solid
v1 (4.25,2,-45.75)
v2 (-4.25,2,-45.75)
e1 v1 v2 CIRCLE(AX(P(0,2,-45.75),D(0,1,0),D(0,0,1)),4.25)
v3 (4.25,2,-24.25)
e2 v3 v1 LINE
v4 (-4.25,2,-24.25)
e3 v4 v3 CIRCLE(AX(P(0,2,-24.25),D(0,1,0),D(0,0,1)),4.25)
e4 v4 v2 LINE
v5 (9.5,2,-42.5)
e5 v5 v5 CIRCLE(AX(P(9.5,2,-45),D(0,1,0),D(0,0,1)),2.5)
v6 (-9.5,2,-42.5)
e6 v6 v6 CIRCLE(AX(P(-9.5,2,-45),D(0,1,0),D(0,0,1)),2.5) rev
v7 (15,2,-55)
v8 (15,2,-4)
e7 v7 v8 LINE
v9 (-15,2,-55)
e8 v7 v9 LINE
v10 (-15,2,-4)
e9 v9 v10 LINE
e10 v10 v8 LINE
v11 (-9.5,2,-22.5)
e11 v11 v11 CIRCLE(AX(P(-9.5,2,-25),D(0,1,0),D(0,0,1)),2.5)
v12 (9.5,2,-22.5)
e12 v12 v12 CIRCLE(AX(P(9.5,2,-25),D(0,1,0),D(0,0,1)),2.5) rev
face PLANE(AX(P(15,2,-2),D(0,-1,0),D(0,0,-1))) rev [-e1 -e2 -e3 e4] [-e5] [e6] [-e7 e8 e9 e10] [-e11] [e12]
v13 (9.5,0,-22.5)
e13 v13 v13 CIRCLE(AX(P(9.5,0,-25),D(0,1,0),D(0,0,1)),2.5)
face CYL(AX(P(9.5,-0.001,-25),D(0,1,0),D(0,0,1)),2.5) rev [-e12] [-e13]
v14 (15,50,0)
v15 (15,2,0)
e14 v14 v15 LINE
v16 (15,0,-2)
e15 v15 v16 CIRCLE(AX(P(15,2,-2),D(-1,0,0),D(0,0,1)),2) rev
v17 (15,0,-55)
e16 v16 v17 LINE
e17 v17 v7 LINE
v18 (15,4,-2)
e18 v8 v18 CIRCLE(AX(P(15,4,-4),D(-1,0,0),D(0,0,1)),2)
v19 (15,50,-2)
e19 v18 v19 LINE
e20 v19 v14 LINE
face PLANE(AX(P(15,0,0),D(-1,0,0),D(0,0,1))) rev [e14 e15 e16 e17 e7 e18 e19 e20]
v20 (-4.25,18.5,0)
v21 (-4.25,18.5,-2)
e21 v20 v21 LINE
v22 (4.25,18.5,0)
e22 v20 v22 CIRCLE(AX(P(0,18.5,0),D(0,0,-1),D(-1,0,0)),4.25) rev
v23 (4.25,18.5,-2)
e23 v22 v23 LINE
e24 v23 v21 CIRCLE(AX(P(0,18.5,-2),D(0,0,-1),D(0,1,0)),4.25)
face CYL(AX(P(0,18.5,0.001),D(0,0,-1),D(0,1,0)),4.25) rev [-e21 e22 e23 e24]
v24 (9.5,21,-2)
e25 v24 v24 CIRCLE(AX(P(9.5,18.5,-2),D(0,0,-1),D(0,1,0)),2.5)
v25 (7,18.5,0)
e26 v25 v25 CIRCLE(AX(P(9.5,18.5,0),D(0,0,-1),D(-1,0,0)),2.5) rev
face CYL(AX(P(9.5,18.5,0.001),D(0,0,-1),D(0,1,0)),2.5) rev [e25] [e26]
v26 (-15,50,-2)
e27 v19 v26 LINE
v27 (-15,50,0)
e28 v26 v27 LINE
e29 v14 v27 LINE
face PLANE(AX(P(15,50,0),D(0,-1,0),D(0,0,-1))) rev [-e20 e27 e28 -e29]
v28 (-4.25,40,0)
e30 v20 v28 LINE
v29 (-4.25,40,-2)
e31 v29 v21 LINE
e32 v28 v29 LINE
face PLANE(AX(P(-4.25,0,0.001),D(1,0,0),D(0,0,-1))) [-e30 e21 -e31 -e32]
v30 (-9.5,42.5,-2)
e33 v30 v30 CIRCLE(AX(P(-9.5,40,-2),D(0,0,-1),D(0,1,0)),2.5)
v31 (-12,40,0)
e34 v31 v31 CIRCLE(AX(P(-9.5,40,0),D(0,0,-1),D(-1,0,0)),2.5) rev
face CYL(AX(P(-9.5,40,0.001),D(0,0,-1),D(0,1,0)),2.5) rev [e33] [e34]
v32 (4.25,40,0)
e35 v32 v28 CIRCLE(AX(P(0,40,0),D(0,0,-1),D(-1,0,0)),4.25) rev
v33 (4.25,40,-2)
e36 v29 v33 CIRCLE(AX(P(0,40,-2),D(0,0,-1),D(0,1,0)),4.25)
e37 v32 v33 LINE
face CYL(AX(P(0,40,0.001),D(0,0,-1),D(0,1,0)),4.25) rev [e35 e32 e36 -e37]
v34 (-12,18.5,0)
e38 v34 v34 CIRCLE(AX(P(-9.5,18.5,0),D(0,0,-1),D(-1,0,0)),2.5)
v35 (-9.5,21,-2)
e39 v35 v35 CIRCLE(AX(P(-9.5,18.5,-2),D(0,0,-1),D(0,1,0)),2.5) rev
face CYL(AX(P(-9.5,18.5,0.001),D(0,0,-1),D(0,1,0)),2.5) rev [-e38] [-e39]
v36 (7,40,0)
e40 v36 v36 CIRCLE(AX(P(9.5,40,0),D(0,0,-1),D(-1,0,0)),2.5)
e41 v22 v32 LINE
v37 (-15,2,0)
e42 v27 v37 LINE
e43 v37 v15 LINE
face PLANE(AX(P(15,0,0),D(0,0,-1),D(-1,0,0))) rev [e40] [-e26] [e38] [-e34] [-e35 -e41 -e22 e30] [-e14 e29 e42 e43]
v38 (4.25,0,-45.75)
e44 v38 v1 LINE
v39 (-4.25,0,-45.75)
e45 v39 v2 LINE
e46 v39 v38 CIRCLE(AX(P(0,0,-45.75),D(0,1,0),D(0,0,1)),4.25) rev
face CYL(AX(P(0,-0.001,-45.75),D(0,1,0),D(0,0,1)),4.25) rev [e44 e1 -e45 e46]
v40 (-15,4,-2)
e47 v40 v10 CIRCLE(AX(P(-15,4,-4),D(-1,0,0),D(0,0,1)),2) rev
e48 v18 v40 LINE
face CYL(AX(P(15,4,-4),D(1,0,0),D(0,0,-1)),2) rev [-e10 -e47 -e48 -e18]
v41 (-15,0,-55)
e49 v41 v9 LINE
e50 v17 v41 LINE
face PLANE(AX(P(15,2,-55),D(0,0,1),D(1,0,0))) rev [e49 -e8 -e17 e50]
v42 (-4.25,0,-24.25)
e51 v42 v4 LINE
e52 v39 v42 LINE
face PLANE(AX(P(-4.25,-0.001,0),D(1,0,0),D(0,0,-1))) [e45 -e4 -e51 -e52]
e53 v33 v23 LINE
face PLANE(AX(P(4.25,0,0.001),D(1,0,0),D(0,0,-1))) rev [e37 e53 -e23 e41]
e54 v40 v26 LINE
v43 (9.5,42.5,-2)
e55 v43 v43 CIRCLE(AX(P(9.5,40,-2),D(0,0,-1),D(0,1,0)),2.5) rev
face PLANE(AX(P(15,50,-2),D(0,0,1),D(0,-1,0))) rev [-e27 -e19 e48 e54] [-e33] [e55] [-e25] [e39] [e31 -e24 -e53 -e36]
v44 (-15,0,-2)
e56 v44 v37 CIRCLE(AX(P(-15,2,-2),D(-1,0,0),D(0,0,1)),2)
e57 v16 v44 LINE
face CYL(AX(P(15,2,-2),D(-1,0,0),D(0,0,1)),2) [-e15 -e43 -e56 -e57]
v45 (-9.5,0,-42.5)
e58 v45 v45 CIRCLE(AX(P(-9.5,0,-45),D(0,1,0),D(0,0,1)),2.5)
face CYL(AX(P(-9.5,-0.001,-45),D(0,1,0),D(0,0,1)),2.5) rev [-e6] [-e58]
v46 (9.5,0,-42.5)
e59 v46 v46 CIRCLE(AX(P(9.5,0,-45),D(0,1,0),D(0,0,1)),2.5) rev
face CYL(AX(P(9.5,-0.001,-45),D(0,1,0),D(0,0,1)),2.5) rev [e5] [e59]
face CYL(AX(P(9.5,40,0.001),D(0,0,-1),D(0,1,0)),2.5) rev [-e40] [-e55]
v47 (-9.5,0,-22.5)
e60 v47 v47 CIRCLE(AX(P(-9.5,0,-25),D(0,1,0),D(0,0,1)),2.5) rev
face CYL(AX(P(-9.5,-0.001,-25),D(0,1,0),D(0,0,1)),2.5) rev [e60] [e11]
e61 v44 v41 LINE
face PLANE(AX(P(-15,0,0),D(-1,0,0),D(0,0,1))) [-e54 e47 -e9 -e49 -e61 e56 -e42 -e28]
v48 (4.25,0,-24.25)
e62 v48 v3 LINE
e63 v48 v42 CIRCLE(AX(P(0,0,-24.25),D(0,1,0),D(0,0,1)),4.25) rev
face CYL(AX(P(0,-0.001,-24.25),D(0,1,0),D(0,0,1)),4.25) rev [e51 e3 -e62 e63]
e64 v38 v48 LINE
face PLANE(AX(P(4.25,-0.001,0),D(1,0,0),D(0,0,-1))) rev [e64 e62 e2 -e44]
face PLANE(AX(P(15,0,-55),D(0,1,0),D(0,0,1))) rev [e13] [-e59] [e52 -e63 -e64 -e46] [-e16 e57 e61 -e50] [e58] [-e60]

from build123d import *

# Parameters (mm, degrees)
BOSS_EXTRU_1_DEPTH      = 15
CONG_1_R                = 2
ENL_V_MAT_EXTRU_1_REACH = 4
ESQUISSE2_R             = 2.5
ENL_V_MAT_EXTRU_2_REACH = 4
ESQUISSE3_R             = 2.5


with BuildPart() as part:
    # Esquisse1 → Boss.-Extru.1 (new body, symmetric)
    with BuildSketch(Plane(origin=(0, 0, 0), x_dir=(0, 0, -1), z_dir=(1, 0, 0))):
        Polygon((0, 0), (0, 50), (2, 50), (2, 2), (55, 2), (55, 0), align=None)
    extrude(amount=BOSS_EXTRU_1_DEPTH, both=True)

    # Congé1
    cong_1_edges = [part.edges().sort_by_distance(p)[0] for p in [
        (0, 0, 0),
        (0, 2, -2),
    ]]
    fillet(cong_1_edges, radius=CONG_1_R)

    # Esquisse2 → Enlèv. mat.-Extru.1 (cut, up to next)
    with BuildSketch(Plane(origin=(0, 2, 0), x_dir=(1, 0, 0), z_dir=(0, 1, 0)), mode=Mode.PRIVATE) as enl_v_mat_extru_1_sk1:
        with BuildLine():
            Line((4.25, 24.25), (4.25, 45.75))
            ThreePointArc((4.25, 45.75), (0, 50), (-4.25, 45.75))
            Line((-4.25, 45.75), (-4.25, 24.25))
            ThreePointArc((-4.25, 24.25), (0, 20), (4.25, 24.25))
        make_face()
    enl_v_mat_extru_1_tool1 = extrude(enl_v_mat_extru_1_sk1.sketch, amount=-ENL_V_MAT_EXTRU_1_REACH, mode=Mode.PRIVATE) & part.part
    add(enl_v_mat_extru_1_tool1.solids().sort_by_distance((0, 2, -35))[0], mode=Mode.SUBTRACT)
    # Esquisse2 → Enlèv. mat.-Extru.1 (cut, up to next)
    with BuildSketch(Plane(origin=(0, 2, 0), x_dir=(1, 0, 0), z_dir=(0, 1, 0)), mode=Mode.PRIVATE) as enl_v_mat_extru_1_sk2:
        with Locations((-9.5, 25)):
            Circle(ESQUISSE2_R)
    enl_v_mat_extru_1_tool2 = extrude(enl_v_mat_extru_1_sk2.sketch, amount=-ENL_V_MAT_EXTRU_1_REACH, mode=Mode.PRIVATE) & part.part
    add(enl_v_mat_extru_1_tool2.solids().sort_by_distance((-9.5, 2, -25))[0], mode=Mode.SUBTRACT)
    # Esquisse2 → Enlèv. mat.-Extru.1 (cut, up to next)
    with BuildSketch(Plane(origin=(0, 2, 0), x_dir=(1, 0, 0), z_dir=(0, 1, 0)), mode=Mode.PRIVATE) as enl_v_mat_extru_1_sk3:
        with Locations((-9.5, 45)):
            Circle(ESQUISSE2_R)
    enl_v_mat_extru_1_tool3 = extrude(enl_v_mat_extru_1_sk3.sketch, amount=-ENL_V_MAT_EXTRU_1_REACH, mode=Mode.PRIVATE) & part.part
    add(enl_v_mat_extru_1_tool3.solids().sort_by_distance((-9.5, 2, -45))[0], mode=Mode.SUBTRACT)
    # Esquisse2 → Enlèv. mat.-Extru.1 (cut, up to next)
    with BuildSketch(Plane(origin=(0, 2, 0), x_dir=(1, 0, 0), z_dir=(0, 1, 0)), mode=Mode.PRIVATE) as enl_v_mat_extru_1_sk4:
        with Locations((9.5, 45)):
            Circle(ESQUISSE2_R)
    enl_v_mat_extru_1_tool4 = extrude(enl_v_mat_extru_1_sk4.sketch, amount=-ENL_V_MAT_EXTRU_1_REACH, mode=Mode.PRIVATE) & part.part
    add(enl_v_mat_extru_1_tool4.solids().sort_by_distance((9.5, 2, -45))[0], mode=Mode.SUBTRACT)
    # Esquisse2 → Enlèv. mat.-Extru.1 (cut, up to next)
    with BuildSketch(Plane(origin=(0, 2, 0), x_dir=(1, 0, 0), z_dir=(0, 1, 0)), mode=Mode.PRIVATE) as enl_v_mat_extru_1_sk5:
        with Locations((9.5, 25)):
            Circle(ESQUISSE2_R)
    enl_v_mat_extru_1_tool5 = extrude(enl_v_mat_extru_1_sk5.sketch, amount=-ENL_V_MAT_EXTRU_1_REACH, mode=Mode.PRIVATE) & part.part
    add(enl_v_mat_extru_1_tool5.solids().sort_by_distance((9.5, 2, -25))[0], mode=Mode.SUBTRACT)

    # Esquisse3 → Enlèv. mat.-Extru.2 (cut, up to next)
    with BuildSketch(Plane(origin=(0, 0, -2), x_dir=(-1, 0, 0), z_dir=(0, 0, -1)), mode=Mode.PRIVATE) as enl_v_mat_extru_2_sk1:
        with BuildLine():
            Line((-4.25, 40), (-4.25, 18.5))
            ThreePointArc((-4.25, 18.5), (0, 14.25), (4.25, 18.5))
            Line((4.25, 18.5), (4.25, 40))
            ThreePointArc((4.25, 40), (0, 44.25), (-4.25, 40))
        make_face()
    enl_v_mat_extru_2_tool1 = extrude(enl_v_mat_extru_2_sk1.sketch, amount=-ENL_V_MAT_EXTRU_2_REACH, mode=Mode.PRIVATE) & part.part
    add(enl_v_mat_extru_2_tool1.solids().sort_by_distance((0, 29.25, -2))[0], mode=Mode.SUBTRACT)
    # Esquisse3 → Enlèv. mat.-Extru.2 (cut, up to next)
    with BuildSketch(Plane(origin=(0, 0, -2), x_dir=(-1, 0, 0), z_dir=(0, 0, -1)), mode=Mode.PRIVATE) as enl_v_mat_extru_2_sk2:
        with Locations((-9.5, 40)):
            Circle(ESQUISSE3_R)
    enl_v_mat_extru_2_tool2 = extrude(enl_v_mat_extru_2_sk2.sketch, amount=-ENL_V_MAT_EXTRU_2_REACH, mode=Mode.PRIVATE) & part.part
    add(enl_v_mat_extru_2_tool2.solids().sort_by_distance((9.5, 40, -2))[0], mode=Mode.SUBTRACT)
    # Esquisse3 → Enlèv. mat.-Extru.2 (cut, up to next)
    with BuildSketch(Plane(origin=(0, 0, -2), x_dir=(-1, 0, 0), z_dir=(0, 0, -1)), mode=Mode.PRIVATE) as enl_v_mat_extru_2_sk3:
        with Locations((9.5, 40)):
            Circle(ESQUISSE3_R)
    enl_v_mat_extru_2_tool3 = extrude(enl_v_mat_extru_2_sk3.sketch, amount=-ENL_V_MAT_EXTRU_2_REACH, mode=Mode.PRIVATE) & part.part
    add(enl_v_mat_extru_2_tool3.solids().sort_by_distance((-9.5, 40, -2))[0], mode=Mode.SUBTRACT)
    # Esquisse3 → Enlèv. mat.-Extru.2 (cut, up to next)
    with BuildSketch(Plane(origin=(0, 0, -2), x_dir=(-1, 0, 0), z_dir=(0, 0, -1)), mode=Mode.PRIVATE) as enl_v_mat_extru_2_sk4:
        with Locations((9.5, 18.5)):
            Circle(ESQUISSE3_R)
    enl_v_mat_extru_2_tool4 = extrude(enl_v_mat_extru_2_sk4.sketch, amount=-ENL_V_MAT_EXTRU_2_REACH, mode=Mode.PRIVATE) & part.part
    add(enl_v_mat_extru_2_tool4.solids().sort_by_distance((-9.5, 18.5, -2))[0], mode=Mode.SUBTRACT)
    # Esquisse3 → Enlèv. mat.-Extru.2 (cut, up to next)
    with BuildSketch(Plane(origin=(0, 0, -2), x_dir=(-1, 0, 0), z_dir=(0, 0, -1)), mode=Mode.PRIVATE) as enl_v_mat_extru_2_sk5:
        with Locations((-9.5, 18.5)):
            Circle(ESQUISSE3_R)
    enl_v_mat_extru_2_tool5 = extrude(enl_v_mat_extru_2_sk5.sketch, amount=-ENL_V_MAT_EXTRU_2_REACH, mode=Mode.PRIVATE) & part.part
    add(enl_v_mat_extru_2_tool5.solids().sort_by_distance((9.5, 18.5, -2))[0], mode=Mode.SUBTRACT)


solid = part.part
